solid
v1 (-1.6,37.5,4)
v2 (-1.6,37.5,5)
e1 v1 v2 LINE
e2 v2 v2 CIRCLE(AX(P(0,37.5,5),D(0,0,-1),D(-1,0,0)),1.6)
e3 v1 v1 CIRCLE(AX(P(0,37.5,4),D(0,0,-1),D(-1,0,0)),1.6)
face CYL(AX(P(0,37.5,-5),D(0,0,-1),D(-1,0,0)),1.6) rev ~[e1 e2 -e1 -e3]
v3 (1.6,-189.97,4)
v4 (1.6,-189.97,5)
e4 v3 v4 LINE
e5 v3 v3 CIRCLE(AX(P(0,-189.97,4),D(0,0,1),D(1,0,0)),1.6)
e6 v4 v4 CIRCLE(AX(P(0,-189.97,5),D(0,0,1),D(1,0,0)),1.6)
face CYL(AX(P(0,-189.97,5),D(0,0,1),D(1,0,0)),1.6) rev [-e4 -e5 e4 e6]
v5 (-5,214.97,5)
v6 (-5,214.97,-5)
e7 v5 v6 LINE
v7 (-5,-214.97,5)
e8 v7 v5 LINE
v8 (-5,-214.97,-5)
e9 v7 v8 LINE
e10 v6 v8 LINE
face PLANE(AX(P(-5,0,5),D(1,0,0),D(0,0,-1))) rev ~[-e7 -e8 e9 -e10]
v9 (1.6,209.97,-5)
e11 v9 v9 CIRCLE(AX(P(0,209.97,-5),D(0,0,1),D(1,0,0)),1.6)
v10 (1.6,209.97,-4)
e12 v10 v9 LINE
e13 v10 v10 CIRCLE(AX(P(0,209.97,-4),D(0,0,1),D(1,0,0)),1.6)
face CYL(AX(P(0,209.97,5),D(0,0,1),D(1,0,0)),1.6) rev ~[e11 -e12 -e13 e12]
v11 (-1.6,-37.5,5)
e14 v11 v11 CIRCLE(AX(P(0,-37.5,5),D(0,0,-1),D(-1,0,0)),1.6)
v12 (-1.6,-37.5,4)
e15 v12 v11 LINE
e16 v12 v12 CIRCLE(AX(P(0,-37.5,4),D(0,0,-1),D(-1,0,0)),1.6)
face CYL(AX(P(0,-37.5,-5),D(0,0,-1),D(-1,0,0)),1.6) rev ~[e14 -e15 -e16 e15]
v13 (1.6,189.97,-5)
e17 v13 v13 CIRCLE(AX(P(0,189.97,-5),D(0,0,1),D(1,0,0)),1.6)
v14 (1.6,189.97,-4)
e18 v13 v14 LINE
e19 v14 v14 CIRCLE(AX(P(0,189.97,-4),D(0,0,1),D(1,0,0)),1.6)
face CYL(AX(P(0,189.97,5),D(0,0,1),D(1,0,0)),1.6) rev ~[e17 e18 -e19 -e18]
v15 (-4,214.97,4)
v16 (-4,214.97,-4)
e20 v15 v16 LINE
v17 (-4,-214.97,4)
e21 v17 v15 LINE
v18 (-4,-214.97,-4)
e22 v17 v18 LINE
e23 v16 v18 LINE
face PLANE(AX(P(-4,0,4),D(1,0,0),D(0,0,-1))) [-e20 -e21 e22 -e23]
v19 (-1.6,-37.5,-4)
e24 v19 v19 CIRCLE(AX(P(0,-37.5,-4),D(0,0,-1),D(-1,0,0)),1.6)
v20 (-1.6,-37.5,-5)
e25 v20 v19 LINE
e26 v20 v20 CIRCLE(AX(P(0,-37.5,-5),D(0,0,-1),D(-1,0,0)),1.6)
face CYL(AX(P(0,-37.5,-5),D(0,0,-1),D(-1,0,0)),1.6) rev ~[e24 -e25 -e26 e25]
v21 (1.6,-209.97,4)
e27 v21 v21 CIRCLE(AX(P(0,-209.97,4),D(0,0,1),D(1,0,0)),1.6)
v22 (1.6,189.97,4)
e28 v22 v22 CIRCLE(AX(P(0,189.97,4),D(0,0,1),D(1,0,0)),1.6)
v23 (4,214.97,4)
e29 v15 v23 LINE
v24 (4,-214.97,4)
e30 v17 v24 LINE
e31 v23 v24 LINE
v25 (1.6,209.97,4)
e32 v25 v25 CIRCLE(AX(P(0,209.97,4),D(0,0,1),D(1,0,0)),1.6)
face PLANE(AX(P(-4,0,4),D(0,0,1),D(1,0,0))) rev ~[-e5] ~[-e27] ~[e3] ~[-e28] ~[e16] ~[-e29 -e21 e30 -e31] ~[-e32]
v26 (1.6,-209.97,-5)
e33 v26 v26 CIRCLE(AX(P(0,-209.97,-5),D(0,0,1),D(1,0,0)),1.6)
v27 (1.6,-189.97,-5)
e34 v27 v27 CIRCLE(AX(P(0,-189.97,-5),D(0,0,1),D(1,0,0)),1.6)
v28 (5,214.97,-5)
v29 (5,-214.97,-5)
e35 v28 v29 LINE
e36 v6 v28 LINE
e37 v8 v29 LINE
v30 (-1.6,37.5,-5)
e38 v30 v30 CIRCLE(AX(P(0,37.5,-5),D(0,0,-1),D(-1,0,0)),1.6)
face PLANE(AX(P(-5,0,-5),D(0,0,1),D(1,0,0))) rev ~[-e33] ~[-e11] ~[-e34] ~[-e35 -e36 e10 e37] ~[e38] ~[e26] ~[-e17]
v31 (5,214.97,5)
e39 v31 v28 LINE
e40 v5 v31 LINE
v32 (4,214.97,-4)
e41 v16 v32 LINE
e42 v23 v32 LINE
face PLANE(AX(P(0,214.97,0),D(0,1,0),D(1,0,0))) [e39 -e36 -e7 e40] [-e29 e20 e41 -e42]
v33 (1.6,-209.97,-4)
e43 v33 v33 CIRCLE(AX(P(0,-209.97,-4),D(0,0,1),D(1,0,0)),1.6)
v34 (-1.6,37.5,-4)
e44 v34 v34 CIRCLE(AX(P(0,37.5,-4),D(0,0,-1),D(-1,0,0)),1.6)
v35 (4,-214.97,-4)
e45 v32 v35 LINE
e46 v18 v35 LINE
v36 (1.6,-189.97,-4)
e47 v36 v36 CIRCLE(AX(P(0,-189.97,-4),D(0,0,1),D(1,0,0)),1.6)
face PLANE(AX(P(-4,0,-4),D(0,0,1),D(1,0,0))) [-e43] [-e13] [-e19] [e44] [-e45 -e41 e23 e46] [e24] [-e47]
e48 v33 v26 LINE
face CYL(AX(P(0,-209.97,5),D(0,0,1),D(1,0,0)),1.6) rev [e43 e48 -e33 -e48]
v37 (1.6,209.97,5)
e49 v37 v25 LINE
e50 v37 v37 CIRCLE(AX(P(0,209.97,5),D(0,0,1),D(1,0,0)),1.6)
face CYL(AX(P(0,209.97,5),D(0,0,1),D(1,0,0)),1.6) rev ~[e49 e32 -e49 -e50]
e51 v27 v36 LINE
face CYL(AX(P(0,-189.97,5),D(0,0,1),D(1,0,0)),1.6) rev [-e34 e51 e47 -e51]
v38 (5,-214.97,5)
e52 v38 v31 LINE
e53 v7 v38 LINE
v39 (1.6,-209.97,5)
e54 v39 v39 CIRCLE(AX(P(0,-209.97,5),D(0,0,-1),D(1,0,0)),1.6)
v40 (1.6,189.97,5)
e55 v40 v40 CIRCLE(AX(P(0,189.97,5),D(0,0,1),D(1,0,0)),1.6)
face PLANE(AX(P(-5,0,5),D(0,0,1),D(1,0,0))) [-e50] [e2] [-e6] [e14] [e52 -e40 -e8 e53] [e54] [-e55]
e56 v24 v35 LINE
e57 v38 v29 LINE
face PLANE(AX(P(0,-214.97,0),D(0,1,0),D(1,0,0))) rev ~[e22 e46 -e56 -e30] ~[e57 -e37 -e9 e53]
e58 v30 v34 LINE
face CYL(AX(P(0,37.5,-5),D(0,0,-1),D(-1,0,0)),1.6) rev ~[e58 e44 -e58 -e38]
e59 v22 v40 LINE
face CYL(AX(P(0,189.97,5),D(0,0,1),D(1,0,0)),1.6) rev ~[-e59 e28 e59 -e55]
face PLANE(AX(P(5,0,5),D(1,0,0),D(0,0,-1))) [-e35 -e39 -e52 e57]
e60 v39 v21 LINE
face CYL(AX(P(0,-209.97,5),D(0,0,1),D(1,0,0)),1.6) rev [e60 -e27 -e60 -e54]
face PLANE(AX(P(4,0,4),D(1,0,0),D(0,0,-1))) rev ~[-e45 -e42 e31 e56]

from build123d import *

# Parameters (mm, degrees)
SKETCH_1_W          = 10
SKETCH_1_H          = 10
SKETCH_1_W_2        = 8
SKETCH_1_H_2        = 8
EXTRUDE_1_DEPTH     = 214.97
SKETCH_2_R          = 1.6
CUT_EXTRUDE_1_DEPTH = 213.715
SKETCH_3_R          = 1.6
CUT_EXTRUDE_2_DEPTH = 10


with BuildPart() as part:
    # ｽｹｯﾁ1 → ﾎﾞｽ - 押し出し1 (new, symmetric)
    with BuildSketch(Plane(origin=(0, 0, 0), x_dir=(1, 0, 0), z_dir=(0, 1, 0))):
        Rectangle(SKETCH_1_W, SKETCH_1_H)
        Rectangle(SKETCH_1_W_2, SKETCH_1_H_2, mode=Mode.SUBTRACT)
    extrude(amount=EXTRUDE_1_DEPTH, both=True)

    # ｽｹｯﾁ2 → ｶｯﾄ - 押し出し1 (cut, symmetric)
    with BuildSketch(Plane.XY.offset(5)):
        with Locations((0, 209.97)):
            Circle(SKETCH_2_R)
        with Locations((0, 189.97)):
            Circle(SKETCH_2_R)
    cut_extrude_1 = extrude(amount=CUT_EXTRUDE_1_DEPTH, both=True, mode=Mode.SUBTRACT)

    # ﾐﾗｰ1: ｶｯﾄ - 押し出し1 across plane
    add(cut_extrude_1.mirror(Plane.ZX), mode=Mode.SUBTRACT)

    # ｽｹｯﾁ3 → ｶｯﾄ - 押し出し2 (cut)
    with BuildSketch(Plane(origin=(0, 0, -5), x_dir=(-1, 0, 0), z_dir=(0, 0, -1))):
        with Locations((0, 37.5)):
            Circle(SKETCH_3_R)
        with Locations((0, -37.5)):
            Circle(SKETCH_3_R)
    extrude(amount=-CUT_EXTRUDE_2_DEPTH, mode=Mode.SUBTRACT)


solid = part.part
